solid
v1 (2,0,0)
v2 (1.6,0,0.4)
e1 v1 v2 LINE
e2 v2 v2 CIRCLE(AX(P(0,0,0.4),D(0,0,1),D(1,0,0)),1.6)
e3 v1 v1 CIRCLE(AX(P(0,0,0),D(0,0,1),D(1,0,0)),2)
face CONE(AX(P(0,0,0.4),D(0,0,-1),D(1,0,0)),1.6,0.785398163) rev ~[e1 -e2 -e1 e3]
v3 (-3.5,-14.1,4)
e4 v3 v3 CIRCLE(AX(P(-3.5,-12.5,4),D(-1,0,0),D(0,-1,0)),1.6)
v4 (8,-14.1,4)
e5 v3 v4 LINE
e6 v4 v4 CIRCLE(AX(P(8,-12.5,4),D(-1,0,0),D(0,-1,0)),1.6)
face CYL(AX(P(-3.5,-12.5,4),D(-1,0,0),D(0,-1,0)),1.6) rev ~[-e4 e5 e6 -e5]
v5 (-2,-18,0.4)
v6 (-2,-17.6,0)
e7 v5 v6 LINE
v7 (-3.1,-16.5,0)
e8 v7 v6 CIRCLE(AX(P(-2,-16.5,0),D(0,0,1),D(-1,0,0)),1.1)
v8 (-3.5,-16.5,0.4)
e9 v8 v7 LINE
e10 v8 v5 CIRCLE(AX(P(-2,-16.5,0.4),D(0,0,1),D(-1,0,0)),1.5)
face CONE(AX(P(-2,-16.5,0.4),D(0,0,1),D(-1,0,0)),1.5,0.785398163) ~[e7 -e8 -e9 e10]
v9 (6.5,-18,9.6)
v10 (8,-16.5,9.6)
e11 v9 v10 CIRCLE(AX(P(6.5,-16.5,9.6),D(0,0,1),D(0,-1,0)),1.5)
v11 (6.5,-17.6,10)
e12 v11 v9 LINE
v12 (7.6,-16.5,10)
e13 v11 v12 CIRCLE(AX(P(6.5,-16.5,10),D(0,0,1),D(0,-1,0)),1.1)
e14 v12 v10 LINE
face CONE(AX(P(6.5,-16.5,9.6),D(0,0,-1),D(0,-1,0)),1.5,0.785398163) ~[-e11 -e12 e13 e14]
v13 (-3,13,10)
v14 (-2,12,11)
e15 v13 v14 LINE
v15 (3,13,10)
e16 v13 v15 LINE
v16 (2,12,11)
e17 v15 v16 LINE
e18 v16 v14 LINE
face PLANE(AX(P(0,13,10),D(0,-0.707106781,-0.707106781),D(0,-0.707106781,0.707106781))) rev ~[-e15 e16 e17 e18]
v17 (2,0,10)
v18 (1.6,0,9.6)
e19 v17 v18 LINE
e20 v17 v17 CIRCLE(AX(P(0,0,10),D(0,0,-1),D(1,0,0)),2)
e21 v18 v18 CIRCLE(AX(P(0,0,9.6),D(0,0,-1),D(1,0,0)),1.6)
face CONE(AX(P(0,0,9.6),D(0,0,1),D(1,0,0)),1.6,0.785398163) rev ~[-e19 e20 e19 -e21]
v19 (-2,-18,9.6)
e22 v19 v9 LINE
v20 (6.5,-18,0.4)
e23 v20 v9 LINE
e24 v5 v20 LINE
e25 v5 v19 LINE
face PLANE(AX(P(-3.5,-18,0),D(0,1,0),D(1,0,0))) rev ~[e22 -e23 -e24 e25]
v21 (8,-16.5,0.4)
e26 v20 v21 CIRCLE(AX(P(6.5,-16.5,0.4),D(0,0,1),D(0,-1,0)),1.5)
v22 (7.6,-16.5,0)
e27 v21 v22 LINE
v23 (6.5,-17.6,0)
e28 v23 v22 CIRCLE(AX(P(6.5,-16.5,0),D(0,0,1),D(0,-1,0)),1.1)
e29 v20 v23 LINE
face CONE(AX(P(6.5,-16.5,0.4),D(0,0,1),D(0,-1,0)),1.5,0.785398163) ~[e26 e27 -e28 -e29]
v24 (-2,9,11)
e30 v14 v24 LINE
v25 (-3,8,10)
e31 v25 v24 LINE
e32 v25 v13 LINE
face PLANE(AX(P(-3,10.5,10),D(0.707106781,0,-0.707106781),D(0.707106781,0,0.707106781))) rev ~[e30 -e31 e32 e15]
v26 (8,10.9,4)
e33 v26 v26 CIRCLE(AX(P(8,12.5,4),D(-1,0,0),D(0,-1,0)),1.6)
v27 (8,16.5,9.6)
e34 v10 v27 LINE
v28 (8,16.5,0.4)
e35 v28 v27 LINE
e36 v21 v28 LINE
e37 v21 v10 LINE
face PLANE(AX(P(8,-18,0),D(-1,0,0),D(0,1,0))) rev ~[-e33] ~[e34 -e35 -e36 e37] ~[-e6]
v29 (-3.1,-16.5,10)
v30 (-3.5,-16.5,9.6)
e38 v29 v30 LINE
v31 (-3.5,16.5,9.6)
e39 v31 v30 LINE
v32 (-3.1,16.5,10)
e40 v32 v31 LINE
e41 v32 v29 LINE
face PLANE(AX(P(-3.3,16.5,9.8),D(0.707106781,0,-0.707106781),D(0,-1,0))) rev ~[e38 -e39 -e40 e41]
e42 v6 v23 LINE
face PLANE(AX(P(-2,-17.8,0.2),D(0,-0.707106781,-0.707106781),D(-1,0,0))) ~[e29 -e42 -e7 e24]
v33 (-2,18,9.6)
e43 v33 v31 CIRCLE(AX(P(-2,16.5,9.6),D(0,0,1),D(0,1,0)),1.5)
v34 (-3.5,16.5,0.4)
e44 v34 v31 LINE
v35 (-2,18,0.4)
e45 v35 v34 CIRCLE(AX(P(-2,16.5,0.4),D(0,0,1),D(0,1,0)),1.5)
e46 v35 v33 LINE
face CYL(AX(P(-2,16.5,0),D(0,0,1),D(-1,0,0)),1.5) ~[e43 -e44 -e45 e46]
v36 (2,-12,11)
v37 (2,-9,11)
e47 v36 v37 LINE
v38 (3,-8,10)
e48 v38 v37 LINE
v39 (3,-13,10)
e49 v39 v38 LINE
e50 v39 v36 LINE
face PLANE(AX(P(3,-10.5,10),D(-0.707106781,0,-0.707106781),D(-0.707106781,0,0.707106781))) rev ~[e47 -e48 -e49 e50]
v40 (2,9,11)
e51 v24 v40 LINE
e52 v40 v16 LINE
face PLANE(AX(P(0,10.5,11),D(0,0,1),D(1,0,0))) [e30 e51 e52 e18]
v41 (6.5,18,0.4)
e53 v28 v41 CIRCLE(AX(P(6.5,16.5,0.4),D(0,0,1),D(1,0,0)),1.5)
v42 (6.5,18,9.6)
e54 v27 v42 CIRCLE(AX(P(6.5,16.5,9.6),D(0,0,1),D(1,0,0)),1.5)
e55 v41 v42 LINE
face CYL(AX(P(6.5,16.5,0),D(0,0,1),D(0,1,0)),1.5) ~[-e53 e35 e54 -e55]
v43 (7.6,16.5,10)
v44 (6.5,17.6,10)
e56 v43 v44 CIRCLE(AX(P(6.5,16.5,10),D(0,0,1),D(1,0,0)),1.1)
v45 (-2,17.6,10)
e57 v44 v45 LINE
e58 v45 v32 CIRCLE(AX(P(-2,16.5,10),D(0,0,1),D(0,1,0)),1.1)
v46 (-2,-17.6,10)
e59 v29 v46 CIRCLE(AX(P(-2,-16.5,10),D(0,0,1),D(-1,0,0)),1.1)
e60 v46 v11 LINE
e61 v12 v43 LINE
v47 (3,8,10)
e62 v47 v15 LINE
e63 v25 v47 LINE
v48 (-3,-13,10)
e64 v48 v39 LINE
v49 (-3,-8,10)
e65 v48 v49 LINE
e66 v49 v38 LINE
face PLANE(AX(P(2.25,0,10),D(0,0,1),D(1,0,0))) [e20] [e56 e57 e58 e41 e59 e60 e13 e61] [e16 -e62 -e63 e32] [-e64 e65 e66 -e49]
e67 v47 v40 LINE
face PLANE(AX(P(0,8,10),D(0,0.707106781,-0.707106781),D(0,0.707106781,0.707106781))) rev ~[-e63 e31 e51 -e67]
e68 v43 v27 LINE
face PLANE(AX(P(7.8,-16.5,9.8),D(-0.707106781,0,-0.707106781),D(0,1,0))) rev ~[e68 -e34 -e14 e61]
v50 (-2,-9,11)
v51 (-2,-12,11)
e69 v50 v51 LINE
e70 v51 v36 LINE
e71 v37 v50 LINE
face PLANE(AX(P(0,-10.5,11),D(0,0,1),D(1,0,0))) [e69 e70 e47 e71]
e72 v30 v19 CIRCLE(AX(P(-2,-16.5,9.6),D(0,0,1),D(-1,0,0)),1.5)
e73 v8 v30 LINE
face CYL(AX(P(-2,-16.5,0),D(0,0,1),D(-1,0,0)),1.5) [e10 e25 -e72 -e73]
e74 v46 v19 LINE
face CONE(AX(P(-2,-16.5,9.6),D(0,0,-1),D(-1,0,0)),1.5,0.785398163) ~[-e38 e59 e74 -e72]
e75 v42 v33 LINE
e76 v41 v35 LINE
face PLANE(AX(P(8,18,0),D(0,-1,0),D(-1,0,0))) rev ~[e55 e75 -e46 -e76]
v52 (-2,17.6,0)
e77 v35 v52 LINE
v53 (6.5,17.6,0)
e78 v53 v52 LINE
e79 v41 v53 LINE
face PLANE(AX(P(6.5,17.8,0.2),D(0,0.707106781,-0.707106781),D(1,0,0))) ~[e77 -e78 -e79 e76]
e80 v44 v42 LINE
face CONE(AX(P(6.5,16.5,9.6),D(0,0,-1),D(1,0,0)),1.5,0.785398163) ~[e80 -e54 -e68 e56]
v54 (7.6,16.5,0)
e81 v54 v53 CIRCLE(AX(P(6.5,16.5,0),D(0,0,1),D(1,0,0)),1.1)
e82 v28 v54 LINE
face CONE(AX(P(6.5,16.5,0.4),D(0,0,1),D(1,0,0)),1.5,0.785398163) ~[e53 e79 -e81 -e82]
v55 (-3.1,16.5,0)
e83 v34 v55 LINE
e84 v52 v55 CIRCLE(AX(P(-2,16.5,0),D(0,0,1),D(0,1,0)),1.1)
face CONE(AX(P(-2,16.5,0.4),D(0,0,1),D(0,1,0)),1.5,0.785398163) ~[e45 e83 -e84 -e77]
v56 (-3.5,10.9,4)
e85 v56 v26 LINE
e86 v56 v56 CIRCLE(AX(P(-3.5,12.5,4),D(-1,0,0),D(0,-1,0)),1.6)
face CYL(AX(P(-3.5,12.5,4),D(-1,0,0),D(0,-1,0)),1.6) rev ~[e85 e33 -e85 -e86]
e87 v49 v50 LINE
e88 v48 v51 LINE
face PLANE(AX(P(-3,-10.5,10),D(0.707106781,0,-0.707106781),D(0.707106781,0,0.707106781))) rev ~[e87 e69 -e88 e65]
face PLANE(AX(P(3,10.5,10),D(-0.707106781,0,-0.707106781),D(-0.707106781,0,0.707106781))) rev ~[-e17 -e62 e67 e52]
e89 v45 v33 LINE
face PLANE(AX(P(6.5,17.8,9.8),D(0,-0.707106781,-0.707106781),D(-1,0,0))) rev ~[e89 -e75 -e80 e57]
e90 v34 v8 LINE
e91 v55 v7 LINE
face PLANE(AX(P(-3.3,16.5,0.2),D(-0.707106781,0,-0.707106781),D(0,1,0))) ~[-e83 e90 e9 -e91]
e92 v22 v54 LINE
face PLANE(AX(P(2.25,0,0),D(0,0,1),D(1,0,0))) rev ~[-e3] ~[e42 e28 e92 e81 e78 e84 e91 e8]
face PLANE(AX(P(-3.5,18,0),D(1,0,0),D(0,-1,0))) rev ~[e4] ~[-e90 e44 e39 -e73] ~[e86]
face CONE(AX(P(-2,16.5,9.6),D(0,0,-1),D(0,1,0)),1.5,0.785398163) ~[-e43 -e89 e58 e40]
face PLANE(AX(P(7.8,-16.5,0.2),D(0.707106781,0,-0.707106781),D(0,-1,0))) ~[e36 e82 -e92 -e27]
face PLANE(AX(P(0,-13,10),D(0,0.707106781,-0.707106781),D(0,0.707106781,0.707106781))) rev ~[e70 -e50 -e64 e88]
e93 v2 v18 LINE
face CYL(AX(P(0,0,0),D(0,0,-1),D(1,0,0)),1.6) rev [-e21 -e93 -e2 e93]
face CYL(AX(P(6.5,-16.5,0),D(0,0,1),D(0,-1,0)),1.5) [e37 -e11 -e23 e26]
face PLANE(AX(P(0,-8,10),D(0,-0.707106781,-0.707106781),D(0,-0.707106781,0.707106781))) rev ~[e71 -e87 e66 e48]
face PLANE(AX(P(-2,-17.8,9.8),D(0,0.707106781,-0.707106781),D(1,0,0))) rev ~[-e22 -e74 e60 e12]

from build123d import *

# Parameters (mm, degrees)
PAD_DEPTH            = 10
SKETCH003_R          = 1.6
POCKET_DEPTH         = 0.001
POCKET_DEPTH_BACK    = 10.001
SKETCH006_W          = 6
SKETCH006_H          = 5
PAD001_DEPTH         = 1
PAD001_TAPER         = 45
SKETCH_R             = 1.6
POCKET004_DEPTH      = 11.501
POCKET004_DEPTH_BACK = 0.001
FILLET_R             = 1.5
CHAMFER_SIZE         = 0.4


with BuildPart() as part:
    # Sketch001 → Pad (new body)
    with BuildSketch(Plane.XY):
        Polygon((-3.5, 18), (-3.5, 0), (-3.5, -18), (8, -18), (8, 18), align=None)
    extrude(amount=PAD_DEPTH)

    # Sketch003 → Pocket (cut, two sides)
    with BuildSketch(Plane.XY) as pocket_sk:
        Circle(SKETCH003_R)
    extrude(amount=-POCKET_DEPTH, mode=Mode.SUBTRACT)
    extrude(pocket_sk.sketch, amount=POCKET_DEPTH_BACK, mode=Mode.SUBTRACT)

    # Sketch006 (on Face5 of Pocket) → Pad001 (join)
    with BuildSketch(Plane.XY.offset(10)):
        with Locations((0, 10.5)):
            Rectangle(SKETCH006_W, SKETCH006_H)
        with Locations((0, -10.5)):
            Rectangle(SKETCH006_W, SKETCH006_H)
    extrude(amount=PAD001_DEPTH, taper=PAD001_TAPER)

    # Sketch (on Face2 of Pad001) → Pocket004 (cut, two sides)
    with BuildSketch(Plane(origin=(-3.5, 0, 0), x_dir=(0, -1, 0), z_dir=(-1, 0, 0))) as pocket004_sk:
        with Locations((-12.5, 4)):
            Circle(SKETCH_R)
        with Locations((12.5, 4)):
            Circle(SKETCH_R)
    extrude(amount=-POCKET004_DEPTH, mode=Mode.SUBTRACT)
    extrude(pocket004_sk.sketch, amount=POCKET004_DEPTH_BACK, mode=Mode.SUBTRACT)

    # Fillet
    fillet_edges = [part.edges().sort_by_distance(p)[0] for p in [
        (-3.5, -18, 5),
        (8, -18, 5),
        (-3.5, 18, 5),
        (8, 18, 5),
    ]]
    fillet(fillet_edges, radius=FILLET_R)

    # Chamfer
    chamfer_edges = [part.edges().sort_by_distance(p)[0] for p in [
        (-3.5, 0, 0),
        (-3.06066, 17.56066, 0),
        (-3.06066, -17.56066, 0),
        (2.25, 18, 0),
        (2.25, -18, 0),
        (7.56066, 17.56066, 0),
        (7.56066, -17.56066, 0),
        (8, 0, 0),
        (-1.6, 0, 0),
        (2.25, 18, 10),
        (-1.6, 0, 10),
    ]]
    chamfer(chamfer_edges, length=CHAMFER_SIZE)


solid = part.part
